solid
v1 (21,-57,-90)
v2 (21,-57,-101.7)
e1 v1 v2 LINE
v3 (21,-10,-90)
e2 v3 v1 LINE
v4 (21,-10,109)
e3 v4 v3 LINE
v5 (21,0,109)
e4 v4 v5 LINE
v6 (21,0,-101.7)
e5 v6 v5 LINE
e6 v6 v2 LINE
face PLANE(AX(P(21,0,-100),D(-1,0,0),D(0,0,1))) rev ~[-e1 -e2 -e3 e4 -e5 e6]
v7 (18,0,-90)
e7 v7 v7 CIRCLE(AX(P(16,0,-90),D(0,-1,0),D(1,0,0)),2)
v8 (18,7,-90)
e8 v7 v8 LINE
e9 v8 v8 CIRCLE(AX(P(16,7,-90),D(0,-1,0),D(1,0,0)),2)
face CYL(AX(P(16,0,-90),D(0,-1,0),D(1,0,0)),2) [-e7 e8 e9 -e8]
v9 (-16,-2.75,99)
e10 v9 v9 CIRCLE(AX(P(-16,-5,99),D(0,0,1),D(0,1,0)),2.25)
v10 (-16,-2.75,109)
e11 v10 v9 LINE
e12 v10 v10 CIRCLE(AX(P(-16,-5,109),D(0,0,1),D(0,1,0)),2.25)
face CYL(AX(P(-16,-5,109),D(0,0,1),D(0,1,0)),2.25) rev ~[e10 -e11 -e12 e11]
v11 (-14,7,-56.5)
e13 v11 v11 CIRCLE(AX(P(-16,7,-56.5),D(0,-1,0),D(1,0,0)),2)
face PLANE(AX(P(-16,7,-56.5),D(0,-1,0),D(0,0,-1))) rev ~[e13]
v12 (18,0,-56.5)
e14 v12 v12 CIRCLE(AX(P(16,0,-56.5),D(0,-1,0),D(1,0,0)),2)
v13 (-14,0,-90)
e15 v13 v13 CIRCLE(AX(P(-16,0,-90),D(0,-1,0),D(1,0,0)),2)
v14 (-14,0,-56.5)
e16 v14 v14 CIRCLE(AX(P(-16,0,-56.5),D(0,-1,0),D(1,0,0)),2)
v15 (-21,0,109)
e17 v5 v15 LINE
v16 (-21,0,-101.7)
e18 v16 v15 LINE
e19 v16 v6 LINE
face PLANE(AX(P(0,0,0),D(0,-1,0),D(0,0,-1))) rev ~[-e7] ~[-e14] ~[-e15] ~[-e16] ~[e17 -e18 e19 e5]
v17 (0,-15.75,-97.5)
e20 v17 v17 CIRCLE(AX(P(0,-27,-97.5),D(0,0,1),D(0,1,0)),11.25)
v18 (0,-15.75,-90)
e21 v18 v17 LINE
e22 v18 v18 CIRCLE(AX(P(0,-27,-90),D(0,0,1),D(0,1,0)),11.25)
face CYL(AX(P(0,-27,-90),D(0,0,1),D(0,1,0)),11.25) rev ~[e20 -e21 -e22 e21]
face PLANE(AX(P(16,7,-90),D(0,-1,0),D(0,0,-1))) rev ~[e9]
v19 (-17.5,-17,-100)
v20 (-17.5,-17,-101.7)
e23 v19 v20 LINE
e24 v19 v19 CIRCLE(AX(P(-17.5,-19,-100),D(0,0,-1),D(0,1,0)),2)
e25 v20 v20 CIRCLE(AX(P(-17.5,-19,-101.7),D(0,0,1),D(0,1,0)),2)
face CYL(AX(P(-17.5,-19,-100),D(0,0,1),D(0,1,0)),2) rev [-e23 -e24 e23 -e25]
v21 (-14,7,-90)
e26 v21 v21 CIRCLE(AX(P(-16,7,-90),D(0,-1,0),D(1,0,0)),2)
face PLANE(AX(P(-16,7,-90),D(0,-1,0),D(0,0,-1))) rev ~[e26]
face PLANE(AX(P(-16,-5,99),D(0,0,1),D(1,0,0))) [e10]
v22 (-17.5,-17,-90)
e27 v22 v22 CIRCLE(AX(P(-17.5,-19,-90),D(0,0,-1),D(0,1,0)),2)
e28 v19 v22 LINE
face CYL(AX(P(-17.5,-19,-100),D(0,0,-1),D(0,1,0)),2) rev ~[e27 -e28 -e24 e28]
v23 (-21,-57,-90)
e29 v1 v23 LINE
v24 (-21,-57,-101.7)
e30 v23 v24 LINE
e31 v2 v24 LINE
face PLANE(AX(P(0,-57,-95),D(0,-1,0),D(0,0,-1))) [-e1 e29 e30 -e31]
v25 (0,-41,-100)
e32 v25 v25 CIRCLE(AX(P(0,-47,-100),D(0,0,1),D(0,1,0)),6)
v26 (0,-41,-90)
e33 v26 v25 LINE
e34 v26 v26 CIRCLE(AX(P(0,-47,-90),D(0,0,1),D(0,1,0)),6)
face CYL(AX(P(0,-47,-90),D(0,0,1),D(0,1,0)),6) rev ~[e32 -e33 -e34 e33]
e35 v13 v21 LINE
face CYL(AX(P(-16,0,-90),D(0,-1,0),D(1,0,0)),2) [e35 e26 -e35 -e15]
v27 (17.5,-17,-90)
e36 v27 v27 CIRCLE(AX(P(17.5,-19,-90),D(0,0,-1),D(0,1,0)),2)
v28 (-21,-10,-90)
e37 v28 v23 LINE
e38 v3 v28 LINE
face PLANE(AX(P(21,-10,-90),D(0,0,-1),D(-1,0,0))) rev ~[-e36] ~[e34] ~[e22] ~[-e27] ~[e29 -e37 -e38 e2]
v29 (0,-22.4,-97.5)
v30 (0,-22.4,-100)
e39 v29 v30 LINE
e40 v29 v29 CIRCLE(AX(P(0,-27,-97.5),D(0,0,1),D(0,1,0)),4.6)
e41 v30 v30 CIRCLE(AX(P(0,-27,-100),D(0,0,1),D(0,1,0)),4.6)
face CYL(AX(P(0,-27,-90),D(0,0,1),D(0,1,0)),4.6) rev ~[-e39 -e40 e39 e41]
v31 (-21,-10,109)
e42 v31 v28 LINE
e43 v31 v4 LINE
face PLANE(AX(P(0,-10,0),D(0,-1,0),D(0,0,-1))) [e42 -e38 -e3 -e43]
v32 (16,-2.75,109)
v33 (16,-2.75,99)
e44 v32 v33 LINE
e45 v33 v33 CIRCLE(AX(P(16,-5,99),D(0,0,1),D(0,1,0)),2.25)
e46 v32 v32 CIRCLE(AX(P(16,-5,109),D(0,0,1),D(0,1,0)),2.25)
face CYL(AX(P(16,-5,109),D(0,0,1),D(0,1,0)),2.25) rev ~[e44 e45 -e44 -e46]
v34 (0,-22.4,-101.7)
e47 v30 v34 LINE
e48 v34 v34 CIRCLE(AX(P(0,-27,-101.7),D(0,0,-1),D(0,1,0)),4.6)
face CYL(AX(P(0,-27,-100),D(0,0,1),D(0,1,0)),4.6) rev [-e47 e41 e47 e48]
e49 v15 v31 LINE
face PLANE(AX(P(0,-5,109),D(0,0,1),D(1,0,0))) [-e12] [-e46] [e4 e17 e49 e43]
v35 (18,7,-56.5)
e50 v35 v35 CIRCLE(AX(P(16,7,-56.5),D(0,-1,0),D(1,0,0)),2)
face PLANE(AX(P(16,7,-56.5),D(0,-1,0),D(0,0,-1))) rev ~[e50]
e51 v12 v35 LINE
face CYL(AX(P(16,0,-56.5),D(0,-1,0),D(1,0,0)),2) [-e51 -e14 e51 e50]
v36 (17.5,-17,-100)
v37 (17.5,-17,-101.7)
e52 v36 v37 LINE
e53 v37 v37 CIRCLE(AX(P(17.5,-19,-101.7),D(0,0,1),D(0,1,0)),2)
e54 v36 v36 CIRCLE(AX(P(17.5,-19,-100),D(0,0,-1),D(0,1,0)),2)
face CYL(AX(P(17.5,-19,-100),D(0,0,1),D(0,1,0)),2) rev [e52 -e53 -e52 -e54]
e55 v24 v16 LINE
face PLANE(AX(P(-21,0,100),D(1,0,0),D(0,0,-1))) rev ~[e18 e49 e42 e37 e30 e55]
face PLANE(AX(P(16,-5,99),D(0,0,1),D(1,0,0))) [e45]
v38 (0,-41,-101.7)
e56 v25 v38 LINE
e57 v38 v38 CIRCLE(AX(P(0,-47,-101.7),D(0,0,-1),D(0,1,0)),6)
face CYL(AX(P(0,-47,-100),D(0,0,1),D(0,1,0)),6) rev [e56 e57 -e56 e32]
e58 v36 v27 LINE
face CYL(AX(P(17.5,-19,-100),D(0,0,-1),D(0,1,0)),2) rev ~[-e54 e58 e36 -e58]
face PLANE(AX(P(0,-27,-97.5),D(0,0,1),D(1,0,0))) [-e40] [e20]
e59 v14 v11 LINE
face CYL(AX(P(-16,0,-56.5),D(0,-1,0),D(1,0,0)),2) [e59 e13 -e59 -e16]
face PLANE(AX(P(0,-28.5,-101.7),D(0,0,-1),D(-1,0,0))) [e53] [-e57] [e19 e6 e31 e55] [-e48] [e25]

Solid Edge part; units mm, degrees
sketch "Sketch1" plane through (0, 0, 0) normal (0, -1, 0) x (1, 0, 0)
  line L0 (21, -100) -> (21, 100)
  line L1 (21, 100) -> (-21, 100)
  line L2 (-21, 100) -> (-21, -100)
  line L3 (-21, -100) -> (21, -100)
extrude "Protrusion1" add sketch "Sketch1" along normal blind 10
sketch "Sketch2" plane through (0, 0, 0) normal (0, -1, 0) x (1, 0, 0)
  circle A0 centre (16, -56.5) radius 2
  circle A1 centre (-16, -56.5) radius 2
  circle A2 centre (-16, -90) radius 2
  circle A3 centre (16, -90) radius 2
  dimension "D1" = 42
  dimension "D2" = 200
  dimension "D3" = 4
  dimension "D4" = 5
  dimension "D5" = 32
  dimension "D6" = 33.5
  dimension "D7" = 10
extrude "ExtrudedProtrusion_2" add sketch "Sketch2" against normal blind 7
sketch "Sketch3" plane through (0, -10, 0) normal (0, -1, 0) x (0, 0, -1)
  line L0 (90, 21) -> (90, -21)
  line L1 (90, -21) -> (100, -21)
  line L2 (100, -21) -> (100, 21)
  line L3 (100, 21) -> (90, 21)
extrude "ExtrudedProtrusion_3" add sketch "Sketch3" along normal blind 47
sketch "Sketch4" plane through (0, -29.5, -90) normal (0, 0, 1) x (0, 1, 0)
  circle A0 centre (-17.5, 0) radius 6
  circle A1 centre (2.5, 0) radius 4.6
  dimension "D1" = 12
  dimension "D2" = 22.5
  dimension "D3" = 20
  dimension "D4" = 17
  dimension "D5" = 9.2
extrude "Cutout1" cut sketch "Sketch4" against normal up to next
sketch "Sketch5" plane through (0, -29.5, -90) normal (0, 0, 1) x (0, 1, 0)
  circle A0 centre (2.5, 0) radius 4.6
  circle A1 centre (2.5, 0) radius 11.25
  dimension "D1" = 12
  dimension "D2" = 22.5
  dimension "D3" = 20
  dimension "D4" = 17
  dimension "D5" = 9.2
extrude "ExtrudedCutout_2" cut sketch "Sketch5" against normal blind 7.5
sketch "Sketch6" plane through (0, -28.5, -100) normal (0, 0, -1) x (0, 1, 0)
  line L0 (28.5, 21) -> (-28.5, 21)
  line L1 (-28.5, 21) -> (-28.5, -21)
  line L2 (-28.5, -21) -> (28.5, -21)
  line L3 (28.5, -21) -> (28.5, 21)
  circle A0 centre (1.5, 0) radius 4.6
  circle A1 centre (-18.5, 0) radius 6
  dimension "D1" = 4
  dimension "D2" = 8
  dimension "D3" = 35
  dimension "D4" = 3.5
  dimension "D5" = 3.5
extrude "Protrusion2" add sketch "Sketch6" along normal blind 1.7
sketch "Sketch7" plane through (0, -28.5, -100) normal (0, 0, -1) x (0, 1, 0)
  circle A0 centre (9.5, 17.5) radius 2
  circle A1 centre (9.5, -17.5) radius 2
  dimension "D1" = 4
  dimension "D2" = 8
  dimension "D3" = 35
  dimension "D4" = 3.5
  dimension "D5" = 3.5
extrude "Cutout2" cut sketch "Sketch7" along normal up to next
sketch "Sketch8" plane through (0, -28.5, -100) normal (0, 0, -1) x (0, 1, 0)
  circle A0 centre (9.5, 17.5) radius 2
  circle A1 centre (9.5, -17.5) radius 2
  dimension "D1" = 4
  dimension "D2" = 8
  dimension "D3" = 35
  dimension "D4" = 3.5
  dimension "D5" = 3.5
extrude "Cutout3" cut sketch "Sketch8" against normal up to next
sketch "Sketch9" plane through (0, -5, 100) normal (0, 0, 1) x (0, 1, 0)
  line L0 (-5, 21) -> (-5, -21)
  line L1 (-5, -21) -> (5, -21)
  line L2 (5, -21) -> (5, 21)
  line L3 (5, 21) -> (-5, 21)
extrude "ExtrudedProtrusion_6" add sketch "Sketch9" along normal blind 9
sketch "Sketch10" plane through (0, -5, 109) normal (0, 0, 1) x (0, 1, 0)
  circle A0 centre (0, 16) radius 2.25
  circle A1 centre (0, -16) radius 2.25
  dimension "D1" = 4.5
  dimension "D2" = 5
  dimension "D3" = 5
extrude "ExtrudedCutout_5" cut sketch "Sketch10" against normal blind 10
